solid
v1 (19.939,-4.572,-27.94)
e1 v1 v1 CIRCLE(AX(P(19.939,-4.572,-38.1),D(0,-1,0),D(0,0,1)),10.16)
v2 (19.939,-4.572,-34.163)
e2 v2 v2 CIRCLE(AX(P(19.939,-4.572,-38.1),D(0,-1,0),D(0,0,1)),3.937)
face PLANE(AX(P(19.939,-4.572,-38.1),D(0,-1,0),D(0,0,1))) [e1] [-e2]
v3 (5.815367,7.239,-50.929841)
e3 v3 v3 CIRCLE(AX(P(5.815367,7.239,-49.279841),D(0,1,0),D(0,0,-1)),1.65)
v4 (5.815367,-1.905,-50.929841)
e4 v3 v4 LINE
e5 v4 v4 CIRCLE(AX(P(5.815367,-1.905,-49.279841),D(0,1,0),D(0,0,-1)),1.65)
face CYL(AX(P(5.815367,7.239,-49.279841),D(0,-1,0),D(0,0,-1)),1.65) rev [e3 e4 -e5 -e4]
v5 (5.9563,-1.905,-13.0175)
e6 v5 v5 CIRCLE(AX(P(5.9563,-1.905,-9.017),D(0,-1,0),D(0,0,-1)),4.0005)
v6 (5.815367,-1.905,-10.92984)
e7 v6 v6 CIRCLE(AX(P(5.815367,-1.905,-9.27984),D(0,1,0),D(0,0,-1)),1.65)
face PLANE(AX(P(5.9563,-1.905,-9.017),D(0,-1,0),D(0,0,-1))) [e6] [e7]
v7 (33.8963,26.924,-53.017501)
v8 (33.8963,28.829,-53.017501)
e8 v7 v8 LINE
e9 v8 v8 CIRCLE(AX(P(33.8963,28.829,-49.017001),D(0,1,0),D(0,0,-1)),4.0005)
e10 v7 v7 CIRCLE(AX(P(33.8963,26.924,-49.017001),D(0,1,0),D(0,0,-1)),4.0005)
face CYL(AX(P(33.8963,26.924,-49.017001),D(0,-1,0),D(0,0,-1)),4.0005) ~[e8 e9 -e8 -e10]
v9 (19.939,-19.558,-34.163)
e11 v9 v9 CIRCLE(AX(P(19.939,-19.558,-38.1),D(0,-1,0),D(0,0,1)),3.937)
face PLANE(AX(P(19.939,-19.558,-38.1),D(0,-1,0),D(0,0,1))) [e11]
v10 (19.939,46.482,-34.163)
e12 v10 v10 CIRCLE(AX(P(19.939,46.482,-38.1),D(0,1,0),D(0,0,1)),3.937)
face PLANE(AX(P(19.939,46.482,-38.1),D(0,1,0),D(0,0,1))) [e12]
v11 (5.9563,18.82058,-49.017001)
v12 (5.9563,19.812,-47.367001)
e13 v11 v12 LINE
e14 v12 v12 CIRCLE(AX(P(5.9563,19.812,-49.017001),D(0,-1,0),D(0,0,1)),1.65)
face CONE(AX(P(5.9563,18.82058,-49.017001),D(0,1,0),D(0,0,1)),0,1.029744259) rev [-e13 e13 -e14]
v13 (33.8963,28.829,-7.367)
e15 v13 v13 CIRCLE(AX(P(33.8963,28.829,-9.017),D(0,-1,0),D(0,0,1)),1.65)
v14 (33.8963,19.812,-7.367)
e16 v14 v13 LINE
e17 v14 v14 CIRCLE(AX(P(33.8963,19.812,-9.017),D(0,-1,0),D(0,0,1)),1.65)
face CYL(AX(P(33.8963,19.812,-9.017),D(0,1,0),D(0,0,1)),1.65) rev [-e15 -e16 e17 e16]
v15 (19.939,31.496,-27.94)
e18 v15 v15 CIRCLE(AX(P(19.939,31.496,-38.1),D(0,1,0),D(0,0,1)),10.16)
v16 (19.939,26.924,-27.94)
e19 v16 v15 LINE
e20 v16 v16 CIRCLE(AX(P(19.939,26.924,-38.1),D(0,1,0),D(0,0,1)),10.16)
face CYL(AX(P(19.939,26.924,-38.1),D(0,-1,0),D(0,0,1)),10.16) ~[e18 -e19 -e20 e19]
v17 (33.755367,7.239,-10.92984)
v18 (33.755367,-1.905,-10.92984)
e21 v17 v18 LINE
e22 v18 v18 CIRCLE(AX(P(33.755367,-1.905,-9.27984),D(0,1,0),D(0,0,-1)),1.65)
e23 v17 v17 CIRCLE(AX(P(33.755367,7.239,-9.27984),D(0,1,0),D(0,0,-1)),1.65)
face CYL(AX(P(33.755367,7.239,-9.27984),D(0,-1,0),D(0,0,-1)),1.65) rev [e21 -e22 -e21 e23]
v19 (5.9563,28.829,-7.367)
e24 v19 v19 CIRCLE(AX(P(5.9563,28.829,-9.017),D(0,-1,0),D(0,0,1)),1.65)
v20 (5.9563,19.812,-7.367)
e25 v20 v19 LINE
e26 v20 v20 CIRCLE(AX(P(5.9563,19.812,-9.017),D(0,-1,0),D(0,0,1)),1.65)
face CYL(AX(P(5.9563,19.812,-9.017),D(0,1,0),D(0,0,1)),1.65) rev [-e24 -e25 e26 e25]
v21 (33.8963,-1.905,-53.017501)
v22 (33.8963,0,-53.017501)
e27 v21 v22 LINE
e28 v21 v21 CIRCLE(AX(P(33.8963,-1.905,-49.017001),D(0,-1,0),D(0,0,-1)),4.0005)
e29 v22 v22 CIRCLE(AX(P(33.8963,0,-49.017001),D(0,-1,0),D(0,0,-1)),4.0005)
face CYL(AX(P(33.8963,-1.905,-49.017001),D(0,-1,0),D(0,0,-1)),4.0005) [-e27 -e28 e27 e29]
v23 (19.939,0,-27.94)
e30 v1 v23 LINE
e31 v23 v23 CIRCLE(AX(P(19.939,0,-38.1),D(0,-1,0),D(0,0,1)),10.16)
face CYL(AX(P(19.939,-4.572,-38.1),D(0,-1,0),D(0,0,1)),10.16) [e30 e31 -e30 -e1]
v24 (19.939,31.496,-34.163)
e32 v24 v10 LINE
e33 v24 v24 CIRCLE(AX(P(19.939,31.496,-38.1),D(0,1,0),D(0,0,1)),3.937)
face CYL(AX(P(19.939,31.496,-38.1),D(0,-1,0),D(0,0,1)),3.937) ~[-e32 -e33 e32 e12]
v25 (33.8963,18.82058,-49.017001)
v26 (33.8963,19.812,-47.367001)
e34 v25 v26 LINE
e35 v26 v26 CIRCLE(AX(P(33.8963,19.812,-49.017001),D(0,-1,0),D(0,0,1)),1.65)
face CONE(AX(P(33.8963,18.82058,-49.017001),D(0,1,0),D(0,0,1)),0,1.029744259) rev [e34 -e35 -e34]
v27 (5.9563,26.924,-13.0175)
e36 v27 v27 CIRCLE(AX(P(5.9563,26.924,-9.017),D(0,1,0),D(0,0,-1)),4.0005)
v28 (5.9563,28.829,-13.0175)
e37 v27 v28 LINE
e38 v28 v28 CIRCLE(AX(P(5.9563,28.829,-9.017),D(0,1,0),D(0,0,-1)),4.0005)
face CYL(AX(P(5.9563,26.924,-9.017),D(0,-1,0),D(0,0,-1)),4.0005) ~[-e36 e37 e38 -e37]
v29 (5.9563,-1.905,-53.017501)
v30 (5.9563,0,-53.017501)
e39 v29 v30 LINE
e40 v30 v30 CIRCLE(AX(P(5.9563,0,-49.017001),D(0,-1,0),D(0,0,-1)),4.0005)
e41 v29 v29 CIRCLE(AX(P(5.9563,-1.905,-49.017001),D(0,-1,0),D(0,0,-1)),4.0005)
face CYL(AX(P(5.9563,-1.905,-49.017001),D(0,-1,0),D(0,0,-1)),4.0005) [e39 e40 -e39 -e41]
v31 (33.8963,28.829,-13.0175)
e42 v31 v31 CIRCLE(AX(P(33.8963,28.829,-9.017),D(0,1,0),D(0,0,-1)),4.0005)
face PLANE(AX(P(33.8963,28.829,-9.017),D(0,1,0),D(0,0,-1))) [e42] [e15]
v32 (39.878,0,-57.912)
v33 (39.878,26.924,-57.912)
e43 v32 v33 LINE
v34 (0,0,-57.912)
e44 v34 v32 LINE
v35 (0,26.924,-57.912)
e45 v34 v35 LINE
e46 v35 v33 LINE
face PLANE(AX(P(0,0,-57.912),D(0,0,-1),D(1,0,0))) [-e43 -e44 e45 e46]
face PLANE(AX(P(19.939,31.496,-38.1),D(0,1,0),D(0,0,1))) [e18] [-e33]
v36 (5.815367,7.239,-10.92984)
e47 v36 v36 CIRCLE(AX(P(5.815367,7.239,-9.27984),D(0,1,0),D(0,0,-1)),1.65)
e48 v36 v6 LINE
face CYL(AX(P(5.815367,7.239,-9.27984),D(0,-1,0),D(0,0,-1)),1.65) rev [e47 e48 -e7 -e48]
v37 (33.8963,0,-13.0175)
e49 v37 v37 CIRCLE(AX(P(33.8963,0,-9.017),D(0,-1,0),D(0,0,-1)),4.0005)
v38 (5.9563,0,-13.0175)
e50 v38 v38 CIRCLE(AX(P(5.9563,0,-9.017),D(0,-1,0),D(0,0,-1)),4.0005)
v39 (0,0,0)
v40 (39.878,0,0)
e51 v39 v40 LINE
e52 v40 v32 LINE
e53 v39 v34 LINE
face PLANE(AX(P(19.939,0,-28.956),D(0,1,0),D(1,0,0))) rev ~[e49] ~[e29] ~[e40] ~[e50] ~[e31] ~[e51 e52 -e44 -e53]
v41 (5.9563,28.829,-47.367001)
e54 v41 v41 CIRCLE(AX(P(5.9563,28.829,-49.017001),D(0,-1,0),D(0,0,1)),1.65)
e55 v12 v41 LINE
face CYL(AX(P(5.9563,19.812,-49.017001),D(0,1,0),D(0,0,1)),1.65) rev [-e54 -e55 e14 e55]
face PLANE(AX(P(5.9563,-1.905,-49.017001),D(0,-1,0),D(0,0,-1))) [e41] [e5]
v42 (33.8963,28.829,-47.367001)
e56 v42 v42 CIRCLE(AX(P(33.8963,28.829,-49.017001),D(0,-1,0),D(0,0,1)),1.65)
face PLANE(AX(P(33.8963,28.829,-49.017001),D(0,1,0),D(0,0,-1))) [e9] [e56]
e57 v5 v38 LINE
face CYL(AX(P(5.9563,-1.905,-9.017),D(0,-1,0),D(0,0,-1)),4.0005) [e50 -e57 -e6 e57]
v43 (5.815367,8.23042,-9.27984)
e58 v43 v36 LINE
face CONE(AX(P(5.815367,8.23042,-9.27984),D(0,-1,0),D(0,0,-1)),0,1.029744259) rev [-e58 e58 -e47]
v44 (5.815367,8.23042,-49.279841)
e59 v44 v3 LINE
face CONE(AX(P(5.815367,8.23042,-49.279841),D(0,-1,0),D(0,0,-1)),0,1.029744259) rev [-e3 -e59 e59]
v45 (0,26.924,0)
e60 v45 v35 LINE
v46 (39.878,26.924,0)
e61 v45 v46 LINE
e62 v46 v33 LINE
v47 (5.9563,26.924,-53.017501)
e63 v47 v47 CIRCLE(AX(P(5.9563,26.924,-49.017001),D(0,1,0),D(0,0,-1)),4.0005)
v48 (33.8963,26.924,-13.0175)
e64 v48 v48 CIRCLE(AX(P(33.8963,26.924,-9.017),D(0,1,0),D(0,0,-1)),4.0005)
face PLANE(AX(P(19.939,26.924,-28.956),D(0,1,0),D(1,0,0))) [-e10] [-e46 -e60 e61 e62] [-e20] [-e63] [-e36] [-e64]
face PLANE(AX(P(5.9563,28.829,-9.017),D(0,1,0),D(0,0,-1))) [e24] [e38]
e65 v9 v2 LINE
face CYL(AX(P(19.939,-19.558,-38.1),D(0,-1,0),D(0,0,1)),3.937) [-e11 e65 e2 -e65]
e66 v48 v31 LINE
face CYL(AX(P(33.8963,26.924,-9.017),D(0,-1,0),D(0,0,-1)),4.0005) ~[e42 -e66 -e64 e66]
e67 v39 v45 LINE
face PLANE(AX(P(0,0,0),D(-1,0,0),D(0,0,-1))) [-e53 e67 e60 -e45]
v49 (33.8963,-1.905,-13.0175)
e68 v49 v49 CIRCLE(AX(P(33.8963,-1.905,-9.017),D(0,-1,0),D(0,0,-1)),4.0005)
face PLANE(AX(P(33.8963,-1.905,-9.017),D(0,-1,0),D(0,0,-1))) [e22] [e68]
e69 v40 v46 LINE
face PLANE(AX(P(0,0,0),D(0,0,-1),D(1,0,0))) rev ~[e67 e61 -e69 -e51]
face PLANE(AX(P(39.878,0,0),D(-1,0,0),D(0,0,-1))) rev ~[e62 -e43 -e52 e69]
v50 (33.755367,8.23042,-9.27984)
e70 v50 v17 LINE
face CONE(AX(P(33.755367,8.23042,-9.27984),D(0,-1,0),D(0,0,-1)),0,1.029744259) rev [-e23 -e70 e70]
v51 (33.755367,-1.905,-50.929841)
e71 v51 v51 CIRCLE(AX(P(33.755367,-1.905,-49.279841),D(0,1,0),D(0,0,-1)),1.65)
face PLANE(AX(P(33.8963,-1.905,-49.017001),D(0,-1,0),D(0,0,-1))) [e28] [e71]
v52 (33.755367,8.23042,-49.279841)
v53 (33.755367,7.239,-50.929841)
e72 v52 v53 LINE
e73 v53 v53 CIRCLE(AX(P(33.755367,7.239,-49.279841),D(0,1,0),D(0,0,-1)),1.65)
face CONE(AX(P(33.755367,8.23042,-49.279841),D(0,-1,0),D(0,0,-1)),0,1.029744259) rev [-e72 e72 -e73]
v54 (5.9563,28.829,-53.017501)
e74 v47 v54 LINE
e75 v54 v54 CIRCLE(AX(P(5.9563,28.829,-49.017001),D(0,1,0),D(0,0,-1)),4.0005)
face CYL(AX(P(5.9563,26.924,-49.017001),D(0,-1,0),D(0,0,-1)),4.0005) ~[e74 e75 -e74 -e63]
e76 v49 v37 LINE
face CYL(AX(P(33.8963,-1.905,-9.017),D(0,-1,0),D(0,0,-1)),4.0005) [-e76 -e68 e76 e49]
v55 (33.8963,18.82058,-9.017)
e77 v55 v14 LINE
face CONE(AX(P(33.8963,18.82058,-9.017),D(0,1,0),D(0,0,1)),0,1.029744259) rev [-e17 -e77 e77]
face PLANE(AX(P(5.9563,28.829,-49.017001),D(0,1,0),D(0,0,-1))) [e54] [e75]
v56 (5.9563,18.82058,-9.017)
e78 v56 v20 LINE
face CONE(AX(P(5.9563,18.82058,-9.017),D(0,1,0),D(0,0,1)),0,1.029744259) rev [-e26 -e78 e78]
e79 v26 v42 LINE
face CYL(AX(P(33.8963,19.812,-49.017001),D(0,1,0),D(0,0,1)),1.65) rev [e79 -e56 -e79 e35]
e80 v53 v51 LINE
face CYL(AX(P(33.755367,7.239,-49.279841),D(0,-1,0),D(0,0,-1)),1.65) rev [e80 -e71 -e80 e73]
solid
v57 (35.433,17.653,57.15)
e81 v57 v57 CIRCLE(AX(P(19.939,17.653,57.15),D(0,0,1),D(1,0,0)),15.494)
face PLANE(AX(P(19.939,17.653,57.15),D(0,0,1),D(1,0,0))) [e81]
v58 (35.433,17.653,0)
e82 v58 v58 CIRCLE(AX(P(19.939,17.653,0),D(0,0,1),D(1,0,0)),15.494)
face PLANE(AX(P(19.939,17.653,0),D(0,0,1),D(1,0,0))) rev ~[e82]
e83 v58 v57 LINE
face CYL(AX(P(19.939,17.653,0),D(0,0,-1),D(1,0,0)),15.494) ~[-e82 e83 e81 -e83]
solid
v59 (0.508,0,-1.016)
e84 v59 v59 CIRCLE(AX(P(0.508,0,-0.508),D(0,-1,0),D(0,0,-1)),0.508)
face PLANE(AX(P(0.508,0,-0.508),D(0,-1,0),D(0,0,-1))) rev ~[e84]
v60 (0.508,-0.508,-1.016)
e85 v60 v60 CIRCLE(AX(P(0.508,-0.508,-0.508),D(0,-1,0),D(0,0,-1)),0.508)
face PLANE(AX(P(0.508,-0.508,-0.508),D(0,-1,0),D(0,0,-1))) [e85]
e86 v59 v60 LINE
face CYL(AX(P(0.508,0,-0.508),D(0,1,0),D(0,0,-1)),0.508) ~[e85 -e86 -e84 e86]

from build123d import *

# Parameters (mm, degrees)
SKETCH1_W            = 39.878
SKETCH1_H            = 57.912
BOSS_EXTRUDE1_DEPTH  = 26.924
SKETCH22_R           = 0.508
BOSS_EXTRUDE9_DEPTH  = 0.508
SKETCH3_R            = 10.16
BOSS_EXTRUDE2_DEPTH  = 4.572
BOSS_EXTRUDE3_START  = 4.572
SKETCH4_R            = 10.16
BOSS_EXTRUDE3_DEPTH  = 4.572
SKETCH5_R            = 3.937
BOSS_EXTRUDE4_DEPTH  = 14.986
BOSS_EXTRUDE5_START  = 14.986
SKETCH7_R            = 3.937
BOSS_EXTRUDE5_DEPTH  = 14.986
SKETCH8_R            = 15.494
BOSS_EXTRUDE6_DEPTH  = 57.15
SKETCH10_R           = 4.0005
BOSS_EXTRUDE7_DEPTH  = 1.905
LPATTERN1_COUNT      = 2
LPATTERN1_PITCH      = 40.00000128
LPATTERN1_COUNT_DIR2 = 2
LPATTERN1_PITCH_DIR2 = 27.94
BOSS_EXTRUDE8_START  = 1.905
SKETCH18_R           = 4.0005
BOSS_EXTRUDE8_DEPTH  = 1.905
LPATTERN3_COUNT      = 2
LPATTERN3_PITCH      = 27.94
LPATTERN3_COUNT_DIR2 = 2
LPATTERN3_PITCH_DIR2 = 40.00000128


with BuildPart() as part:
    # Sketch1 → Boss-Extrude1 (new body)
    with BuildSketch(Plane(origin=(0, 0, 0), x_dir=(1, 0, 0), z_dir=(0, 1, 0))):
        with Locations((19.939, 28.956)):
            Rectangle(SKETCH1_W, SKETCH1_H)
    extrude(amount=BOSS_EXTRUDE1_DEPTH)

    # Sketch3 → Boss-Extrude2 (add)
    with BuildSketch(Plane(origin=(0, 26.924, 0), x_dir=(1, 0, 0), z_dir=(0, 1, 0))):
        with Locations(Location((19.939, 38.1, 0), (0, 0, 270))):
            Circle(SKETCH3_R)
    extrude(amount=BOSS_EXTRUDE2_DEPTH)

    # Sketch4 → Boss-Extrude3 (add)
    with BuildSketch(Plane.XZ.offset(BOSS_EXTRUDE3_START)):
        with Locations(Location((19.939, -38.1, 0), (0, 0, 90))):
            Circle(SKETCH4_R)
    extrude(amount=-BOSS_EXTRUDE3_DEPTH)

    # Sketch5 → Boss-Extrude4 (add)
    with BuildSketch(Plane(origin=(0, 31.496, 0), x_dir=(1, 0, 0), z_dir=(0, 1, 0))):
        with Locations(Location((19.939, 38.1, 0), (0, 0, 270))):
            Circle(SKETCH5_R)
    extrude(amount=BOSS_EXTRUDE4_DEPTH)

    # Sketch7 → Boss-Extrude5 (add)
    with BuildSketch(Plane.XZ.offset(4.572).offset(BOSS_EXTRUDE5_START)):
        with Locations(Location((19.939, -38.1, 0), (0, 0, 90))):
            Circle(SKETCH7_R)
    extrude(amount=-BOSS_EXTRUDE5_DEPTH)

    # Sketch10 → Boss-Extrude7 (add)
    with BuildSketch(Plane(origin=(0, 26.924, 0), x_dir=(1, 0, 0), z_dir=(0, 1, 0))):
        with Locations(Location((5.9563, 9.017, 0), (0, 0, 90))):
            Circle(SKETCH10_R)
    boss_extrude7 = extrude(amount=BOSS_EXTRUDE7_DEPTH)

    # Sketch16 → M4x0.7 Tapped Hole1 (revolve, cut)
    with BuildSketch(Plane(origin=(5.9563, 28.829, -9.017), x_dir=(0, 0, 1), z_dir=(1, 0, 0))):
        Polygon((0, 0), (0, 10.008420021), (1.65, 9.017), (1.65, 0), align=None)
    m4x0_7_tapped_hole1 = revolve(axis=Axis((5.9563, 35.179, -9.017), (0, -1, 0)), mode=Mode.SUBTRACT)

    # LPattern1: Boss-Extrude7, M4x0.7 Tapped Hole1 2 × 2
    with Locations(*[(j * LPATTERN1_PITCH_DIR2, 0, -i * LPATTERN1_PITCH) for i in range(LPATTERN1_COUNT) for j in range(LPATTERN1_COUNT_DIR2) if (i, j) != (0, 0)]):
        add(boss_extrude7)
        add(m4x0_7_tapped_hole1, mode=Mode.SUBTRACT)

    # Sketch18 → Boss-Extrude8 (add)
    with BuildSketch(Plane.XZ.offset(BOSS_EXTRUDE8_START)):
        with Locations(Location((5.9563, -9.017, 0), (0, 0, 270))):
            Circle(SKETCH18_R)
    boss_extrude8 = extrude(amount=-BOSS_EXTRUDE8_DEPTH)

    # Sketch20 → M4x0.7 Tapped Hole2 (revolve, cut)
    with BuildSketch(Plane(origin=(5.815367122, -1.905, -9.279839525), x_dir=(0, 0, -1), z_dir=(1, 0, 0))):
        Polygon((0, 0), (0, 10.135420021), (1.65, 9.144), (1.65, 0), align=None)
    m4x0_7_tapped_hole2 = revolve(axis=Axis((5.815367122, -8.255, -9.279839525), (0, 1, 0)), mode=Mode.SUBTRACT)

    # LPattern3: Boss-Extrude8, M4x0.7 Tapped Hole2 2 × 2
    with Locations(*[(i * LPATTERN3_PITCH, 0, -j * LPATTERN3_PITCH_DIR2) for i in range(LPATTERN3_COUNT) for j in range(LPATTERN3_COUNT_DIR2) if (i, j) != (0, 0)]):
        add(boss_extrude8)
        add(m4x0_7_tapped_hole2, mode=Mode.SUBTRACT)


with BuildPart() as body_2:
    # Sketch22 → Boss-Extrude9 (new body)
    with BuildSketch(Plane.XZ):
        with Locations(Location((0.508, -0.508, 0), (0, 0, 270))):
            Circle(SKETCH22_R)
    extrude(amount=BOSS_EXTRUDE9_DEPTH)


with BuildPart() as body_3:
    # Sketch8 → Boss-Extrude6 (new body)
    with BuildSketch(Plane.XY):
        with Locations((19.939, 17.653)):
            Circle(SKETCH8_R)
    extrude(amount=BOSS_EXTRUDE6_DEPTH)


solid = Compound([part.part, body_2.part, body_3.part])
